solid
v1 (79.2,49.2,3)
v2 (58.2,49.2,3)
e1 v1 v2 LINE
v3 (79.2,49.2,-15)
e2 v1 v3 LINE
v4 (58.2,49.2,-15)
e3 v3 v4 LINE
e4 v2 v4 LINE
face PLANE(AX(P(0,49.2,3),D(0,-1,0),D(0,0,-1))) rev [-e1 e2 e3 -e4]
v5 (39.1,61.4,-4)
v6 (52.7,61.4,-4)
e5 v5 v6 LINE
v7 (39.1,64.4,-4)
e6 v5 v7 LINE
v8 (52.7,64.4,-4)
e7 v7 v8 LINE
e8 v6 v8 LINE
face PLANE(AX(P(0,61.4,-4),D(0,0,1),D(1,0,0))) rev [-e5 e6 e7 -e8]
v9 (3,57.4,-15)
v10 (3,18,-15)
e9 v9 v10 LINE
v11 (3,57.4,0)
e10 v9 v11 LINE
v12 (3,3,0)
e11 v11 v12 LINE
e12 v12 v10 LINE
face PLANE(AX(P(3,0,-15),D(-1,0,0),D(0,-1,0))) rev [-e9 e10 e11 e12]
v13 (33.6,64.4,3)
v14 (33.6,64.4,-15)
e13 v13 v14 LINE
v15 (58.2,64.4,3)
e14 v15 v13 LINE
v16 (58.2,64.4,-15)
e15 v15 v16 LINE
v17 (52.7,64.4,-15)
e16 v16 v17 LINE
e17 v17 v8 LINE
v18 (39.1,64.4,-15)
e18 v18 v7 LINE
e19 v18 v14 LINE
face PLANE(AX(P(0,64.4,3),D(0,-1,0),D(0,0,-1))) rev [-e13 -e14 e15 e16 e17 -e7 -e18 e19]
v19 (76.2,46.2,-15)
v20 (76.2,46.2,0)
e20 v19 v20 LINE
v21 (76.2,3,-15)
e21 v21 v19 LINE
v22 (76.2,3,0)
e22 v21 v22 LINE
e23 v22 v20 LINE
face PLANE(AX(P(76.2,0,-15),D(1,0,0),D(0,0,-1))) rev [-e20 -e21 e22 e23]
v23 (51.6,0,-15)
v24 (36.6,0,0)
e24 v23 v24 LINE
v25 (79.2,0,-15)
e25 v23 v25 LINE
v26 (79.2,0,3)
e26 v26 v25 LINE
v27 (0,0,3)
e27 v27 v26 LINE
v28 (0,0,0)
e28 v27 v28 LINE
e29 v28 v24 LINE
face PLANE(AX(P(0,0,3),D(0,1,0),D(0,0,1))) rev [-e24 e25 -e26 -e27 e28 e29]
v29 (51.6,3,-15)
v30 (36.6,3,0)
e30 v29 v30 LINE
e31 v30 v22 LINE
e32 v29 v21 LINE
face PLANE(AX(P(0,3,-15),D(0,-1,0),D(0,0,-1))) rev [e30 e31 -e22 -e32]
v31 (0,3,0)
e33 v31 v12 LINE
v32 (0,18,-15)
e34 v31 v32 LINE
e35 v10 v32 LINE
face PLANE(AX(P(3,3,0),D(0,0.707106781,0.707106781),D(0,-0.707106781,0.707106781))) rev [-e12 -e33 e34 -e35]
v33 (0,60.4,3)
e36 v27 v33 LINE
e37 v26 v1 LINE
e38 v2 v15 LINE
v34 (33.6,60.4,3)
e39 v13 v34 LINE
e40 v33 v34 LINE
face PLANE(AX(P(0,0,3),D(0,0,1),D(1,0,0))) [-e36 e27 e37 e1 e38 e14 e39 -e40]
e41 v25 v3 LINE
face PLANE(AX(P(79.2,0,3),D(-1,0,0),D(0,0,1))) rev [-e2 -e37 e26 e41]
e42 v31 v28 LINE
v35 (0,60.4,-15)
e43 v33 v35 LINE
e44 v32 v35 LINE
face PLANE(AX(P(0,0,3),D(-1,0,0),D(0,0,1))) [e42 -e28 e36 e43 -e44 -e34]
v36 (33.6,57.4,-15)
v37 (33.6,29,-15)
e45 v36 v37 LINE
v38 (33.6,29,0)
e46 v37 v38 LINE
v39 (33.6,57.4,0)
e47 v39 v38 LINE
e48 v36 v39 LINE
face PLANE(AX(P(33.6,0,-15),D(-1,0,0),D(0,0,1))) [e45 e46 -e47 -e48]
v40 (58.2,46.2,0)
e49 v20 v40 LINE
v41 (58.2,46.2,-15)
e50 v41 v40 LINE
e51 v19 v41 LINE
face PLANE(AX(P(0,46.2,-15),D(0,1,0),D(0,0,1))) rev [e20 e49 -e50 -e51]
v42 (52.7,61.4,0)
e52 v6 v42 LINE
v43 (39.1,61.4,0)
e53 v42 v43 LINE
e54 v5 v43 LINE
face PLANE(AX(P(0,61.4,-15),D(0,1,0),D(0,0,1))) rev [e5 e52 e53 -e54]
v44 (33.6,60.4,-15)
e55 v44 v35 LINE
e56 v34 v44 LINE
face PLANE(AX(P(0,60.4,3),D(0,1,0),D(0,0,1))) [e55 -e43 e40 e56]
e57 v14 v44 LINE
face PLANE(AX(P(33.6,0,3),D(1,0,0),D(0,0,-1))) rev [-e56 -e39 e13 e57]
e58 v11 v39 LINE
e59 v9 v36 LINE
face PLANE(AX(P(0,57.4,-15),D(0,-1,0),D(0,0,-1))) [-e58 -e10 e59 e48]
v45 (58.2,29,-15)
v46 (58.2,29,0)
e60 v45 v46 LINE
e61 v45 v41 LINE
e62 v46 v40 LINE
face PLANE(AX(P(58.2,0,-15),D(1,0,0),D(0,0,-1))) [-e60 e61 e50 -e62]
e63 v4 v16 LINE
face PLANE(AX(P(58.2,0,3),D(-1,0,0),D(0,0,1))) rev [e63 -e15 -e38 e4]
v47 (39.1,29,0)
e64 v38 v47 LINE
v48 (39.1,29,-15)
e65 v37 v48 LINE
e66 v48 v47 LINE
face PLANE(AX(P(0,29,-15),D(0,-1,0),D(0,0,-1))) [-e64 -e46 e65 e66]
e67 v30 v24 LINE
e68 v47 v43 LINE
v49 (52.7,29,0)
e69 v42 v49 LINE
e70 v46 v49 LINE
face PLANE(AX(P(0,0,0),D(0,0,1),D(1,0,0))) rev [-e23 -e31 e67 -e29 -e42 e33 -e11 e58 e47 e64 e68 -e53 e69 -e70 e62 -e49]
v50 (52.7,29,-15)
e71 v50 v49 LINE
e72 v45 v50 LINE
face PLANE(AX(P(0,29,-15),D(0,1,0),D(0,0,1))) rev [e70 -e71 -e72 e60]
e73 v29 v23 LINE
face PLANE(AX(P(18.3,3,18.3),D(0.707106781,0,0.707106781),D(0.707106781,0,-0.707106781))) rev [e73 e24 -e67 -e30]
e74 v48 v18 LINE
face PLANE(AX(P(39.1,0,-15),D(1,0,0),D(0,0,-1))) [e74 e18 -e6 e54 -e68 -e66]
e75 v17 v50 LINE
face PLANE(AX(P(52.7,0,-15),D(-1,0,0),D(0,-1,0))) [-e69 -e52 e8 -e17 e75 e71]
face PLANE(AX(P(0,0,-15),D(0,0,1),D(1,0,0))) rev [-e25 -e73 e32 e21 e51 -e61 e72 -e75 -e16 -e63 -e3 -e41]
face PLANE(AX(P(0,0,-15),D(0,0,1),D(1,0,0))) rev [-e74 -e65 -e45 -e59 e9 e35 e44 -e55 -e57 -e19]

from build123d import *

# Parameters (mm, degrees)
BOSS_EXTRUDE3_DEPTH = 3
BOSS_EXTRUDE4_DEPTH = 15
CUT_EXTRUDE1_DEPTH  = 3
CUT_EXTRUDE2_DEPTH  = 3
SKETCH4_W           = 13.6
SKETCH4_H           = 11
CUT_EXTRUDE3_DEPTH  = 3
CUT_EXTRUDE4_DEPTH  = 3


with BuildPart() as part:
    # Sketch1 → Boss-Extrude3 (new body)
    with BuildSketch(Plane.XY):
        Polygon((0, 0), (79.2, 0), (79.2, 49.2), (58.2, 49.2), (58.2, 64.4), (33.6, 64.4), (33.6, 60.4), (0, 60.4), align=None)
    extrude(amount=BOSS_EXTRUDE3_DEPTH)

    # Sketch1<9> → Boss-Extrude4 (add)
    with BuildSketch(Plane.XY):
        Polygon((0, 0), (79.2, 0), (79.2, 49.2), (58.2, 49.2), (58.2, 64.4), (33.6, 64.4), (33.6, 60.4), (0, 60.4), align=None)
        Polygon((76.2, 3), (3, 3), (3, 57.4), (33.6, 57.4), (33.6, 29), (39.1, 29), (39.1, 61.4), (52.7, 61.4), (52.7, 29), (58.2, 29), (58.2, 46.2), (76.2, 46.2), align=None, mode=Mode.SUBTRACT)
    extrude(amount=-BOSS_EXTRUDE4_DEPTH)

    # Sketch2 → Cut-Extrude1 (cut)
    with BuildSketch(Plane(origin=(0, 0, 0), x_dir=(-1, 0, 0), z_dir=(0, -1, 0))):
        Polygon((0, 0), (0, 15), (-33.6, 15), (-18.6, 0), align=None)
    extrude(amount=-CUT_EXTRUDE1_DEPTH, mode=Mode.SUBTRACT)

    # Sketch3 → Cut-Extrude2 (cut)
    with BuildSketch(Plane.ZY):
        Polygon((0, 3), (-15, 18), (-15, 3), align=None)
    extrude(amount=-CUT_EXTRUDE2_DEPTH, mode=Mode.SUBTRACT)

    # Sketch4 → Cut-Extrude3 (cut)
    with BuildSketch(Plane(origin=(0, 64.4, 0), x_dir=(1, 0, 0), z_dir=(0, 1, 0))):
        with Locations((45.9, 9.5)):
            Rectangle(SKETCH4_W, SKETCH4_H)
    extrude(amount=-CUT_EXTRUDE3_DEPTH, mode=Mode.SUBTRACT)

    # Sketch5 → Cut-Extrude4 (cut)
    with BuildSketch(Plane(origin=(0, 0, 0), x_dir=(-1, 0, 0), z_dir=(0, -1, 0))):
        Polygon((-33.6, 15), (-51.6, 15), (-36.6, 0), (-18.6, 0), align=None)
    extrude(amount=-CUT_EXTRUDE4_DEPTH, mode=Mode.SUBTRACT)


solid = part.part
